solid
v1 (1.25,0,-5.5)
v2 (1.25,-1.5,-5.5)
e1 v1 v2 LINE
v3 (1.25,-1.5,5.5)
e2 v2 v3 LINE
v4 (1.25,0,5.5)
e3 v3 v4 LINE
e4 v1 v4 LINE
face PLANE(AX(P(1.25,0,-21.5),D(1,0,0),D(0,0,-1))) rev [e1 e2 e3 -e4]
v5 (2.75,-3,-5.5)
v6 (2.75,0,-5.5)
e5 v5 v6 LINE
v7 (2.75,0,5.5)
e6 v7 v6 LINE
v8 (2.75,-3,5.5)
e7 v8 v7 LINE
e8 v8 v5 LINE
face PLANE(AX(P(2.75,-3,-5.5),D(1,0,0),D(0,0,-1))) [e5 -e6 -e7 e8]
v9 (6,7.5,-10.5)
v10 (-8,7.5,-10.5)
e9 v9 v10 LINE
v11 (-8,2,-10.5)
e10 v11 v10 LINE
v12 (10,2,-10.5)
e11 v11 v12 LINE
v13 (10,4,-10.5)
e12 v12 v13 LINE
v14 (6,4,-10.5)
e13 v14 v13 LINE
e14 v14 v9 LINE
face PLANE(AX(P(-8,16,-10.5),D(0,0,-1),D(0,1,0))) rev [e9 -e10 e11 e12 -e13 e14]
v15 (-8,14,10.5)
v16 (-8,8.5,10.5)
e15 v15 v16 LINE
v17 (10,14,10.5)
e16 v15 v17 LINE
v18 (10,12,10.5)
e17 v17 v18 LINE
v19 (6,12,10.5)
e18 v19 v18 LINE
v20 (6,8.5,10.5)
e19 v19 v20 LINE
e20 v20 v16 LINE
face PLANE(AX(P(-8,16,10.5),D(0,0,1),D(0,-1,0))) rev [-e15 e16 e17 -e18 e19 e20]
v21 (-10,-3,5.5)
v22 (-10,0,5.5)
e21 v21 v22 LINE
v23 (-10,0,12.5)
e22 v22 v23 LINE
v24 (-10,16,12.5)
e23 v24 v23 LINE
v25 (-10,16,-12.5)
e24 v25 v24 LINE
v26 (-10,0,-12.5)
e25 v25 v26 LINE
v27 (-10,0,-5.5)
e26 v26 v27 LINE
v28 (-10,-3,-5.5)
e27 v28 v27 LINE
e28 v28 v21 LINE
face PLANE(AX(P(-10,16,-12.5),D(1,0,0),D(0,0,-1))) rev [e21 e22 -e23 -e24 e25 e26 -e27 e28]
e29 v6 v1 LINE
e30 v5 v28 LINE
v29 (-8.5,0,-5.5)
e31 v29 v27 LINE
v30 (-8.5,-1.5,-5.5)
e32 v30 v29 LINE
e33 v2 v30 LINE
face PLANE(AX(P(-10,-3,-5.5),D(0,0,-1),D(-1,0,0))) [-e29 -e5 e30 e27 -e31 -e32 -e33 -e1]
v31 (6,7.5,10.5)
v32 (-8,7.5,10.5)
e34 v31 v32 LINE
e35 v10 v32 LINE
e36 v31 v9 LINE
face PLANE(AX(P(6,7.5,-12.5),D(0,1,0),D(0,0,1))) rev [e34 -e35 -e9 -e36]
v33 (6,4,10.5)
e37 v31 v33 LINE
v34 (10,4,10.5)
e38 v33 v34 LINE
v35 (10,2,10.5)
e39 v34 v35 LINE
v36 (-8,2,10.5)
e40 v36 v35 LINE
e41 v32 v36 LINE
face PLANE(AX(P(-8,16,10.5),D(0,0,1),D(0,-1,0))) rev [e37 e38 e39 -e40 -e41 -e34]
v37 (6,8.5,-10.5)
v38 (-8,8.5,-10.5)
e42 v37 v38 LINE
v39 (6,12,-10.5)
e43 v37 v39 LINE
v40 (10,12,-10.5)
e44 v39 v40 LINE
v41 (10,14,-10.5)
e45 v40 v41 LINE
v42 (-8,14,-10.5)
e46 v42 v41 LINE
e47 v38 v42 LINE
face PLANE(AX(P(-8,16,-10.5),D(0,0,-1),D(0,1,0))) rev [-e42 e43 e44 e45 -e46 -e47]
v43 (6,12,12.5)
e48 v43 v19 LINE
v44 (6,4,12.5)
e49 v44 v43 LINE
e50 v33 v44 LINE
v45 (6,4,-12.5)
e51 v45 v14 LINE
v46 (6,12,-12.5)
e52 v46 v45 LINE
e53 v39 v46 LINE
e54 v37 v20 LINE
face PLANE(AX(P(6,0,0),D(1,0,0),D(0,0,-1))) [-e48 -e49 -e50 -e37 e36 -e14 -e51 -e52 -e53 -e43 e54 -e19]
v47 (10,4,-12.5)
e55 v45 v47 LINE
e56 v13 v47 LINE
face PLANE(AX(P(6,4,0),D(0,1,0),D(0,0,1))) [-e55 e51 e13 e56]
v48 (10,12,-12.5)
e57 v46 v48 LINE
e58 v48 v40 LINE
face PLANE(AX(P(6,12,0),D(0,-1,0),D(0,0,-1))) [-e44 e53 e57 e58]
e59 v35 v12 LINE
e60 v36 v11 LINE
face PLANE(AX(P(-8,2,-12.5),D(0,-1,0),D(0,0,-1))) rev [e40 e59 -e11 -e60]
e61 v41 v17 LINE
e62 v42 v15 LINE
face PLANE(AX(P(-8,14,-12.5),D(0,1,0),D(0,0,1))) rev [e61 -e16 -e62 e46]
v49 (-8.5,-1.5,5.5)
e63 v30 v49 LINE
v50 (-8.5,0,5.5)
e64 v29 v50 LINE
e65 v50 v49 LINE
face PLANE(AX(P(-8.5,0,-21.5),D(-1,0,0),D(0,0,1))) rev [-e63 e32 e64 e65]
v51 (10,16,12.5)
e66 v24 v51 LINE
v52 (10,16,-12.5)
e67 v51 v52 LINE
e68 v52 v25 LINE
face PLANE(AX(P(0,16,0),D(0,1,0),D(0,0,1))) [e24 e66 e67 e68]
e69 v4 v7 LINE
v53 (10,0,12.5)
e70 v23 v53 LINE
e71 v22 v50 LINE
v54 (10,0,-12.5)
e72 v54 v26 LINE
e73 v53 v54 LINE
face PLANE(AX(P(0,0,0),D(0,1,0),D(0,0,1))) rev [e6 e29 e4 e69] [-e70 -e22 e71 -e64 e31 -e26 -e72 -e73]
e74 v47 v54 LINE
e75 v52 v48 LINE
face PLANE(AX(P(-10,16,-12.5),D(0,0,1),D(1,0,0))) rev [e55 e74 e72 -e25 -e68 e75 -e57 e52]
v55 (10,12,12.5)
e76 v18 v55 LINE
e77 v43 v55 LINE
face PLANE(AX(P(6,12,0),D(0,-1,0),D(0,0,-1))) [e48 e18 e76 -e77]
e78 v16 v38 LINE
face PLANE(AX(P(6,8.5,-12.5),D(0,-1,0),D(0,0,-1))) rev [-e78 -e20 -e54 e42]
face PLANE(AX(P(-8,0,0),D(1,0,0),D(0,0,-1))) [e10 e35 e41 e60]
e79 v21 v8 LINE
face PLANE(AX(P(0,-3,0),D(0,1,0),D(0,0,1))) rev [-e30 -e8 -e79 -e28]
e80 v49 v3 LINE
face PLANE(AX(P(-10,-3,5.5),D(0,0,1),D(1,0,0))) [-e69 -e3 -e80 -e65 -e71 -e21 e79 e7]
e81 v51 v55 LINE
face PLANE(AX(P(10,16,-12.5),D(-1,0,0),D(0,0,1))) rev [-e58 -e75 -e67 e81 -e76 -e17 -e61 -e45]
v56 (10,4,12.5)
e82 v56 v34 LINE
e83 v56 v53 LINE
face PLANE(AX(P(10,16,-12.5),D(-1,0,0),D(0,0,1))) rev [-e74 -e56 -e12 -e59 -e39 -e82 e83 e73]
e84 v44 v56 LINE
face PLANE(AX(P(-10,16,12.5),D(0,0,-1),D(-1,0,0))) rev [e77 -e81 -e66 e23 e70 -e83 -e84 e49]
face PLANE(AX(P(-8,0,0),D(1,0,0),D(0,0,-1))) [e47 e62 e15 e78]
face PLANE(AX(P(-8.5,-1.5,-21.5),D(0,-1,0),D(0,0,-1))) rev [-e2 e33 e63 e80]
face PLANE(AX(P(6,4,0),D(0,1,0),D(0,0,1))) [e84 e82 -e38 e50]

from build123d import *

# Parameters (mm, degrees)
CROQUIS1_W              = 20
CROQUIS1_H              = 25
SALIENTE_EXTRUIR4_DEPTH = 16
CORTAR_EXTRUIR1_START   = 10
CROQUIS4_W              = 21
CROQUIS4_H              = 12
CORTAR_EXTRUIR1_DEPTH   = 18
SALIENTE_EXTRUIR6_START = -10
CROQUIS5_W              = 21
CROQUIS5_H              = 1
SALIENTE_EXTRUIR6_DEPTH = 16
SALIENTE_EXTRUIR7_START = 10
CROQUIS7_W              = 2
CROQUIS7_H              = 8
SALIENTE_EXTRUIR7_DEPTH = 4
CORTAR_EXTRUIR2_START   = 14
CROQUIS7_2_W            = 2
CROQUIS7_2_H            = 8
CORTAR_EXTRUIR2_DEPTH   = 8
CROQUIS8_W              = 12.75
CROQUIS8_H              = 11
SALIENTE_EXTRUIR8_DEPTH = 3
CROQUIS9_W              = 9.75
CROQUIS9_H              = 1.5
CORTAR_EXTRUIR4_DEPTH   = 21.5


with BuildPart() as part:
    # Croquis1 → Saliente-Extruir4 (new body)
    with BuildSketch(Plane(origin=(0, 0, 0), x_dir=(1, 0, 0), z_dir=(0, 1, 0))):
        Rectangle(CROQUIS1_W, CROQUIS1_H)
    extrude(amount=SALIENTE_EXTRUIR4_DEPTH)

    # Croquis4 → Cortar-Extruir1 (cut)
    with BuildSketch(Plane(origin=(0, 0, 0), x_dir=(0, 0, -1), z_dir=(1, 0, 0)).offset(CORTAR_EXTRUIR1_START)):
        with Locations((0, 8)):
            Rectangle(CROQUIS4_W, CROQUIS4_H)
    extrude(amount=-CORTAR_EXTRUIR1_DEPTH, mode=Mode.SUBTRACT)

    # Croquis5 → Saliente-Extruir6 (add)
    with BuildSketch(Plane(origin=(0, 0, 0), x_dir=(0, 0, -1), z_dir=(1, 0, 0)).offset(SALIENTE_EXTRUIR6_START)):
        with Locations((0, 8)):
            Rectangle(CROQUIS5_W, CROQUIS5_H)
    extrude(amount=SALIENTE_EXTRUIR6_DEPTH)

    # Croquis7 → Saliente-Extruir7 (add)
    with BuildSketch(Plane(origin=(0, 0, 0), x_dir=(0, 0, -1), z_dir=(1, 0, 0)).offset(SALIENTE_EXTRUIR7_START)):
        with Locations((-11.5, 8)):
            Rectangle(CROQUIS7_W, CROQUIS7_H)
        with Locations((11.5, 8)):
            Rectangle(CROQUIS7_W, CROQUIS7_H)
    extrude(amount=SALIENTE_EXTRUIR7_DEPTH)

    # Croquis7<2> → Cortar-Extruir2 (cut)
    with BuildSketch(Plane(origin=(0, 0, 0), x_dir=(0, 0, -1), z_dir=(1, 0, 0)).offset(CORTAR_EXTRUIR2_START)):
        with Locations((-11.5, 8)):
            Rectangle(CROQUIS7_2_W, CROQUIS7_2_H)
        with Locations((11.5, 8)):
            Rectangle(CROQUIS7_2_W, CROQUIS7_2_H)
    extrude(amount=-CORTAR_EXTRUIR2_DEPTH, mode=Mode.SUBTRACT)

    # Croquis8 → Saliente-Extruir8 (add)
    with BuildSketch(Plane(origin=(0, 0, 0), x_dir=(1, 0, 0), z_dir=(0, 1, 0))):
        with Locations((-3.625, 0)):
            Rectangle(CROQUIS8_W, CROQUIS8_H)
    extrude(amount=-SALIENTE_EXTRUIR8_DEPTH)

    # Croquis9 → Cortar-Extruir4 (cut, symmetric)
    with BuildSketch(Plane.XY):
        with Locations((-3.625, -0.75)):
            Rectangle(CROQUIS9_W, CROQUIS9_H)
    extrude(amount=CORTAR_EXTRUIR4_DEPTH, both=True, mode=Mode.SUBTRACT)


solid = part.part
